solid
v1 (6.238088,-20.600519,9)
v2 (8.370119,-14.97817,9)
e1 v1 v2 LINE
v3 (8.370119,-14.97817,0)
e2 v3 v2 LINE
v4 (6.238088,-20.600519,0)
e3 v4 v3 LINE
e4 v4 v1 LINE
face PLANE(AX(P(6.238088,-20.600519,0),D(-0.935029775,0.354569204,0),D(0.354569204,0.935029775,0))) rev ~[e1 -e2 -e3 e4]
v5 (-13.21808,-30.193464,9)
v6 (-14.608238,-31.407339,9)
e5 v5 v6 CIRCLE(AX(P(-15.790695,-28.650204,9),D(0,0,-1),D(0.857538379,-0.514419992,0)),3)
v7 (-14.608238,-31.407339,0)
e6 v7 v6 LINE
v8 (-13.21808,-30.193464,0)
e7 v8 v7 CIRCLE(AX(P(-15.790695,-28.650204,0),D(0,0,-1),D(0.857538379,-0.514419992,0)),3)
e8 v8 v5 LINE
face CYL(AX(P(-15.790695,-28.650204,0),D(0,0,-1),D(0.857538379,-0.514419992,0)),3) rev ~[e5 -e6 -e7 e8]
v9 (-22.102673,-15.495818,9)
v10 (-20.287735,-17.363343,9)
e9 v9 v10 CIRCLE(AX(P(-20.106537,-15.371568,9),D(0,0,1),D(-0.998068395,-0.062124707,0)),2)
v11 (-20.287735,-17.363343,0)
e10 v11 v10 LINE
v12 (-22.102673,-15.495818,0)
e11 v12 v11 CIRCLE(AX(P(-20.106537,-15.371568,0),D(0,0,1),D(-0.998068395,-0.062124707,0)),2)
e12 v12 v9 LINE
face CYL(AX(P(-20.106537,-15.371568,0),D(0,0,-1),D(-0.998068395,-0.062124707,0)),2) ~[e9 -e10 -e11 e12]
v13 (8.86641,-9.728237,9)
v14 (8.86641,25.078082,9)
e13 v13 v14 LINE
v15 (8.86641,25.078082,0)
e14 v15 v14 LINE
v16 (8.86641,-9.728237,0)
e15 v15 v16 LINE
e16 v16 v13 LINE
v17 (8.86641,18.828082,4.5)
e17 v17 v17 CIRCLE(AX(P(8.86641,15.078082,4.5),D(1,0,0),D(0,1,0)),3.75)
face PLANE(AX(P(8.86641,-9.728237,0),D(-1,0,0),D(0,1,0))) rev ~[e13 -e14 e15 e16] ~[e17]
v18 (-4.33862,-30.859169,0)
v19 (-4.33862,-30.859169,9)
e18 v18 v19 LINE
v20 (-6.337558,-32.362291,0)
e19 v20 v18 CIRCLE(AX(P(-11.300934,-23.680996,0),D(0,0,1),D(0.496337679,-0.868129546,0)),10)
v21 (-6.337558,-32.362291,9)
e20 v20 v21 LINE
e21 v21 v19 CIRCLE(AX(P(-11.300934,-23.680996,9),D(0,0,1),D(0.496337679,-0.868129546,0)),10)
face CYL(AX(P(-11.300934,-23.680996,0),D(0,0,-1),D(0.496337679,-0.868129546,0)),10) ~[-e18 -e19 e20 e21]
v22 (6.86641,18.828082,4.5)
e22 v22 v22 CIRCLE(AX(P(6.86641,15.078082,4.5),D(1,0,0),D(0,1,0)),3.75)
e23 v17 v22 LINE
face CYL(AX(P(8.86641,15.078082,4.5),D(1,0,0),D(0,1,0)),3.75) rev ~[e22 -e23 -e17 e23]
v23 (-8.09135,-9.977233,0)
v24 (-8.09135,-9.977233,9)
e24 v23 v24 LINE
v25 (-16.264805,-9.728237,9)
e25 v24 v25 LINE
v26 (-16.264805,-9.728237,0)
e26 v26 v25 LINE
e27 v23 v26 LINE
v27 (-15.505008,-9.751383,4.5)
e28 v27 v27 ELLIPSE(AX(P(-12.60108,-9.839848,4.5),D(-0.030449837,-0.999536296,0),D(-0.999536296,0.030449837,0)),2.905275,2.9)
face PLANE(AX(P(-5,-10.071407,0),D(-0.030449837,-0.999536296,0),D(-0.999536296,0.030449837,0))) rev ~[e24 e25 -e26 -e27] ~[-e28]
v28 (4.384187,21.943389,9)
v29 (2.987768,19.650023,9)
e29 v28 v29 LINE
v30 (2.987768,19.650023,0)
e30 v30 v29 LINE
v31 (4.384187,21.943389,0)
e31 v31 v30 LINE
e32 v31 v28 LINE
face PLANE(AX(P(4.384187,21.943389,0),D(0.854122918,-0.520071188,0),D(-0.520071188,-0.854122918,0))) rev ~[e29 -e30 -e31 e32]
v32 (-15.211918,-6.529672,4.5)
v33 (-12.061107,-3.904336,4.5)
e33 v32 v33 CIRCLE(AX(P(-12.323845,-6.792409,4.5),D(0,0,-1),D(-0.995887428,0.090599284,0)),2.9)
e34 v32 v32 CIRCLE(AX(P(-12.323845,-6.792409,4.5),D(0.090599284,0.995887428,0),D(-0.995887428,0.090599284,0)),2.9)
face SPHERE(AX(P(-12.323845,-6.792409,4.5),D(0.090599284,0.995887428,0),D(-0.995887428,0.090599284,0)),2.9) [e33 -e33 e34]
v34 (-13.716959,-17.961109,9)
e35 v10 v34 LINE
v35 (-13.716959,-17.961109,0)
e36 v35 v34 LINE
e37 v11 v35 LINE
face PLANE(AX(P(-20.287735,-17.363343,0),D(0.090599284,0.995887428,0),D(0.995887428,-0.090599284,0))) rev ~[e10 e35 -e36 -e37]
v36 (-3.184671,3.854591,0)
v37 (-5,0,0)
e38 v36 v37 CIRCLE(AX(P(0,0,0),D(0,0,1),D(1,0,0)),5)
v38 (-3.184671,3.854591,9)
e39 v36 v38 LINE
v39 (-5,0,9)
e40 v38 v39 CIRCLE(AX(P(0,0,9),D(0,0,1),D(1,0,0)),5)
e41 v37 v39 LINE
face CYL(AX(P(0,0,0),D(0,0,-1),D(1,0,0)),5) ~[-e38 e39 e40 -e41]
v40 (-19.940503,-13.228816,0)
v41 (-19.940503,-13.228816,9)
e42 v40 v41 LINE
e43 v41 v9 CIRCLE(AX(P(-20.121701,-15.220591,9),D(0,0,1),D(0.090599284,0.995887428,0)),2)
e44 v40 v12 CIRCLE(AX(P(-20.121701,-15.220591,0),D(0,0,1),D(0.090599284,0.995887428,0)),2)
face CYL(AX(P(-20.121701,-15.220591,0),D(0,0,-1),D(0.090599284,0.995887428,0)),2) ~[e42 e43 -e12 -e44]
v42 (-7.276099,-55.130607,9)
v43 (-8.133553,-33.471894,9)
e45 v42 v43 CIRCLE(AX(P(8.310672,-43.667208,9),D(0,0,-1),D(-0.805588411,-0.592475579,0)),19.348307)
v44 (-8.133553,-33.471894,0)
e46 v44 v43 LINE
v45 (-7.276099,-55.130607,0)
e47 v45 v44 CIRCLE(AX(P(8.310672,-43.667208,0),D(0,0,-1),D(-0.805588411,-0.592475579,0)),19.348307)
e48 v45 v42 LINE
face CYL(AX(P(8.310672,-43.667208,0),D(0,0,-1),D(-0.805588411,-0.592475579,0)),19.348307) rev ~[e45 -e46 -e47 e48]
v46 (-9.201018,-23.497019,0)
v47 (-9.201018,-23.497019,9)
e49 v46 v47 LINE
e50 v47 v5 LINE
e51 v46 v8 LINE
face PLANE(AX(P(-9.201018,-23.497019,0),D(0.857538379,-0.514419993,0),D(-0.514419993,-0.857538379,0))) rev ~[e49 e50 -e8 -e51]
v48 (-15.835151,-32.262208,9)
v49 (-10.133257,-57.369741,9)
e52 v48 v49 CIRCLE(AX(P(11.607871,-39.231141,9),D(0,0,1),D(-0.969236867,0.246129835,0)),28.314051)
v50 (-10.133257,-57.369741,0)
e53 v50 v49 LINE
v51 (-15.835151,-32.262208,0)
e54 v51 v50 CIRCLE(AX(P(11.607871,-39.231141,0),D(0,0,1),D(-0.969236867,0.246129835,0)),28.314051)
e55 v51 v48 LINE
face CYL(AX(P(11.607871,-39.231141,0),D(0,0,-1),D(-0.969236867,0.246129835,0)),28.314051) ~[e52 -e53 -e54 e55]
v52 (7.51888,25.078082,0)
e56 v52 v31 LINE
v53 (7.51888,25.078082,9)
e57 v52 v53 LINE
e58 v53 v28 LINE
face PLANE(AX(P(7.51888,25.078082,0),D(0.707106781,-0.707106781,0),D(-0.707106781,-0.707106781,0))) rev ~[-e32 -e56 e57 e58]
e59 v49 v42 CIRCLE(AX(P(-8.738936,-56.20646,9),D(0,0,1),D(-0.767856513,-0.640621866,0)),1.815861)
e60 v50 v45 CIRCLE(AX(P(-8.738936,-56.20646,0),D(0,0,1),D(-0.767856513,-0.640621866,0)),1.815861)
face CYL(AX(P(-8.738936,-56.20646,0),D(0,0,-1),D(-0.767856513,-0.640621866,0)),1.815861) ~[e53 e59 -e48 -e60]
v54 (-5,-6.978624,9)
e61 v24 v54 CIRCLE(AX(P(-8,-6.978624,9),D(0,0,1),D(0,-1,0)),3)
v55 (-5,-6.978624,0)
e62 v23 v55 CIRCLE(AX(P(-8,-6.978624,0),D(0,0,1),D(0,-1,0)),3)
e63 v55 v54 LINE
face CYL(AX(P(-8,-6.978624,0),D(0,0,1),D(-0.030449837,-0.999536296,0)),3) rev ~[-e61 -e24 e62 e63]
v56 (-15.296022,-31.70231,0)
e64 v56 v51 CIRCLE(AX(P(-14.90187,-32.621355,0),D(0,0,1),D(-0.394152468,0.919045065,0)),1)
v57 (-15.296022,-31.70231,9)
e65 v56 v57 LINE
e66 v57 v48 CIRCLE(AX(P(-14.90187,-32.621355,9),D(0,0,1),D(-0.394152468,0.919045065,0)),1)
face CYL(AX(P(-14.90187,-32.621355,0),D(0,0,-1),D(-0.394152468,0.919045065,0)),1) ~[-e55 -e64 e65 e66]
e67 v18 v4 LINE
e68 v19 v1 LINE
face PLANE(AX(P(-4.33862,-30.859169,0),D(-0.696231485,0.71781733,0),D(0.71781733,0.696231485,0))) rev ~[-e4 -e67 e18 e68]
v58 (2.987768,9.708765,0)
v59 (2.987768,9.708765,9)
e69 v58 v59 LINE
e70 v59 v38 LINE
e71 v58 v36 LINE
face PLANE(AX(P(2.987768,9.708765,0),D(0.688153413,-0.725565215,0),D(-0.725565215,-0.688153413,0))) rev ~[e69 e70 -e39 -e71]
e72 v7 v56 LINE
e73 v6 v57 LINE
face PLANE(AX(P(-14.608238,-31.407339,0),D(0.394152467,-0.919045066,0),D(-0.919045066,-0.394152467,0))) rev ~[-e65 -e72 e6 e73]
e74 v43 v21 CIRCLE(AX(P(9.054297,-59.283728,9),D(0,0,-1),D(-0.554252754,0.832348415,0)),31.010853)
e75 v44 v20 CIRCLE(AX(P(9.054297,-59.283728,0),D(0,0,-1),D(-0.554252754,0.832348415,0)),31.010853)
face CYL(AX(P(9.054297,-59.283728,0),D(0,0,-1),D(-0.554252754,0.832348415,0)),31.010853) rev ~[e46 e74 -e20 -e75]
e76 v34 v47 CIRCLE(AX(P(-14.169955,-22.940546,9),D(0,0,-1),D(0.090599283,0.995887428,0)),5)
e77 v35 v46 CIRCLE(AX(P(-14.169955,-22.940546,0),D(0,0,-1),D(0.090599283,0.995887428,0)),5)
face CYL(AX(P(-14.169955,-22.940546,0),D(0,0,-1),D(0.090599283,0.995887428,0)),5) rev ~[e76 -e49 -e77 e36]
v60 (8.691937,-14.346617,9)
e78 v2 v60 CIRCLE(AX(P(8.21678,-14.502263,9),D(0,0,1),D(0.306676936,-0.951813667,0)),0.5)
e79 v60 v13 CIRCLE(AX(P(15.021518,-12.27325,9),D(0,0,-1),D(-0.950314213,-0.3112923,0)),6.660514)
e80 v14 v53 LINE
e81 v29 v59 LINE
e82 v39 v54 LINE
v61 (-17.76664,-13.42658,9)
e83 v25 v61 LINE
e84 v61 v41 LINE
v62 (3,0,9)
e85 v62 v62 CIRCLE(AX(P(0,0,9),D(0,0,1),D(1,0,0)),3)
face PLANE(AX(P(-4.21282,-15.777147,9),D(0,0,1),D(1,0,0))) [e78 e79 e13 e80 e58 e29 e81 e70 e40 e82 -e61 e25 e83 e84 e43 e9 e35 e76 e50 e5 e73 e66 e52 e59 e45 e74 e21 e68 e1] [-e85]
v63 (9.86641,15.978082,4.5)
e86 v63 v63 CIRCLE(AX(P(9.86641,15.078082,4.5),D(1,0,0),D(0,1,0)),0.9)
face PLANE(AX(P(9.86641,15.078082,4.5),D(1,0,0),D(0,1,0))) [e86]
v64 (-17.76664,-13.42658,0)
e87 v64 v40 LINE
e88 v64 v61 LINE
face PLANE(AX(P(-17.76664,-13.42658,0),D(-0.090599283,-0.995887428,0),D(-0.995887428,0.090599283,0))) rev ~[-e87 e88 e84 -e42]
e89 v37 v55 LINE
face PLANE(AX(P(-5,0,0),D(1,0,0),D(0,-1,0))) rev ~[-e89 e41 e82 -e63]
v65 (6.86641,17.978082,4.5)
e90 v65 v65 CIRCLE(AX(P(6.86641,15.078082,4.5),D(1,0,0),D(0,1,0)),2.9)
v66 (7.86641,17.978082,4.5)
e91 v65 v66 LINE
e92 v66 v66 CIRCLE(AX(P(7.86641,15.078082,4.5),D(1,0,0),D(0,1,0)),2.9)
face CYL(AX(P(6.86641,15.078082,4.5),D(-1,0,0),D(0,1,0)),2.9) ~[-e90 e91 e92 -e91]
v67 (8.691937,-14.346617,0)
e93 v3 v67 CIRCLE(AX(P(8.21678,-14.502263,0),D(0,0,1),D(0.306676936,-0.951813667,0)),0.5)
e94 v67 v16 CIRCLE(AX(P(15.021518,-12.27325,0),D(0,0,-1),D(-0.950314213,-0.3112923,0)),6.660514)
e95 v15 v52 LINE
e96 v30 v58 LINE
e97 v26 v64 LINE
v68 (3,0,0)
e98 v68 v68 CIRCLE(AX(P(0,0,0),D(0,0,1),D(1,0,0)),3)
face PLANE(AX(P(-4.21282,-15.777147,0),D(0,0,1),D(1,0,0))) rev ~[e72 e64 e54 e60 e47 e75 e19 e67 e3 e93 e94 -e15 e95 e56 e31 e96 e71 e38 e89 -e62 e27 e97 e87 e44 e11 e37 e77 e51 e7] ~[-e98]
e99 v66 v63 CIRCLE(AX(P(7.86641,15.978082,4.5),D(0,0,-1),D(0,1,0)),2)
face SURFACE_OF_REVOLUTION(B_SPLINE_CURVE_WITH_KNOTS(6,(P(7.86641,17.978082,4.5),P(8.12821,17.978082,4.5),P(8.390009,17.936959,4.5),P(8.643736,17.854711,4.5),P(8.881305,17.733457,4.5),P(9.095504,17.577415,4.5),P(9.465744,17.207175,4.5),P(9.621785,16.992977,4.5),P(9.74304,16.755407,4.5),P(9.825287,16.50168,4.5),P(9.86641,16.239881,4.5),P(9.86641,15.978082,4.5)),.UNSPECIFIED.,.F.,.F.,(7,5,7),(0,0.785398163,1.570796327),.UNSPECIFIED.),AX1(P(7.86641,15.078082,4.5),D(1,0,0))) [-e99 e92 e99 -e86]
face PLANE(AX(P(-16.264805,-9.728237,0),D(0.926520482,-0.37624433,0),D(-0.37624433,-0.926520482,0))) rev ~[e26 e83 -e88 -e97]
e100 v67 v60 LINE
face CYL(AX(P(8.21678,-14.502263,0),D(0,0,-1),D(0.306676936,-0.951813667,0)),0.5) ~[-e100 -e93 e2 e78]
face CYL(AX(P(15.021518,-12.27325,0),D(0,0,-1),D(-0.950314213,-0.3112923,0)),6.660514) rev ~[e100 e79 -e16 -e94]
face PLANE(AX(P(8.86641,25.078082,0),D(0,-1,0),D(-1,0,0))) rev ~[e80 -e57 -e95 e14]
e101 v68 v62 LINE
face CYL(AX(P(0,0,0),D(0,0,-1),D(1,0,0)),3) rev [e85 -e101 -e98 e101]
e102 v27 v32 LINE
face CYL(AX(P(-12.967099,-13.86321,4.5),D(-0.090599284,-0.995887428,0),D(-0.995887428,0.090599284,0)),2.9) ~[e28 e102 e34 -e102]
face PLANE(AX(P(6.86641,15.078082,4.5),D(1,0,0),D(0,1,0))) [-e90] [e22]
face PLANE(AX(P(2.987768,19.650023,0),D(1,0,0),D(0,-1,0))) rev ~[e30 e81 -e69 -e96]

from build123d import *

# Parameters (mm, degrees)
SKETCH_1_R          = 5
SKETCH_1_R_2        = 3
EXTRUDE_1_DEPTH     = 9
SKETCH_2_R          = 3.75
CUT_EXTRUDE_1_DEPTH = 2
SKETCH_3_R          = 2.9
EXTRUDE_2_DEPTH     = 3
FILLET_1_R          = 2
SKETCH_4_R          = 2.9
EXTRUDE_3_DEPTH     = 10
FILLET_2_R          = 2.9
FILLET_3_R          = 3


with BuildPart() as part:
    # 스케치1 → 보스-돌출1 (new body)
    # profile 1 of 5: a face of its own
    with BuildSketch(Plane.XY):
        with BuildLine():
            Line((8.866410343, 21.94338903), (4.384187039, 21.94338903))
            Line((4.384187039, 21.94338903), (2.987768149, 19.65002342))
            Line((2.987768149, 19.65002342), (2.987768149, 17.661246793))
            Line((2.987768149, 17.661246793), (2.987768149, 9.70876495))
            Line((2.987768149, 9.70876495), (-3.184671245, 3.854590647))
            ThreePointArc((-3.184671245, 3.854590647), (2.13033375, 4.523458645), (5, 0))
            ThreePointArc((5, 0), (0, -5), (-5, 0))
            Line((-5, 0), (-5, -10.071407464))
            Line((-5, -10.071407464), (-16.264805165, -9.728236855))
            Line((-16.264805165, -9.728236855), (-17.766639728, -13.42657959))
            Line((-17.766639728, -13.42657959), (-19.940502755, -13.22881584))
            ThreePointArc((-19.940502755, -13.22881584), (-21.568981751, -13.840235901), (-22.102673306, -15.49581787))
            ThreePointArc((-22.102673306, -15.49581787), (-21.54079944, -16.765444299), (-20.287735083, -17.363343312))
            Line((-20.287735083, -17.363343312), (-13.716958703, -17.9611093))
            ThreePointArc((-13.716958703, -17.9611093), (-10.295562947, -19.77999502), (-9.201017746, -23.497018692))
            Line((-9.201017746, -23.497018692), (-13.218080179, -30.193463728))
            ThreePointArc((-13.218080179, -30.193463728), (-13.817495958, -30.9099569), (-14.608237914, -31.407338947))
            Line((-14.608237914, -31.407338947), (-15.296022277, -31.702310231))
            ThreePointArc((-15.296022277, -31.702310231), (-15.622210934, -31.927735325), (-15.835150792, -32.262208238))
            ThreePointArc((-15.835150792, -32.262208238), (-16.003126851, -45.501568691), (-10.133257231, -57.36974091))
            ThreePointArc((-10.133257231, -57.36974091), (-7.618845179, -57.635707988), (-7.276099317, -55.130606848))
            ThreePointArc((-7.276099317, -55.130606848), (-11.022489697, -44.432594757), (-8.133553397, -33.471894478))
            ThreePointArc((-8.133553397, -33.471894478), (-7.245000489, -32.901805175), (-6.337557558, -32.362291125))
            ThreePointArc((-6.337557558, -32.362291125), (-5.290911527, -31.673468731), (-4.338619501, -30.85916897))
            Line((-4.338619501, -30.85916897), (6.238088337, -20.600518625))
            Line((6.238088337, -20.600518625), (8.3701186, -14.978169718))
            ThreePointArc((8.3701186, -14.978169718), (8.662275884, -14.729272874), (8.69193724, -14.346616734))
            ThreePointArc((8.69193724, -14.346616734), (8.365752146, -12.021808556), (8.866410343, -9.728236855))
            Line((8.866410343, -9.728236855), (8.866410343, 21.94338903))
        make_face()
    # profile 2 of 5: a face of its own
    with BuildSketch(Plane.XY):
        Circle(SKETCH_1_R)
        Circle(SKETCH_1_R_2, mode=Mode.SUBTRACT)
    # profile 3 of 5: a face of its own
    with BuildSketch(Plane.XY):
        with BuildLine():
            ThreePointArc((5, 0), (2.13033375, 4.523458645), (-3.184671245, 3.854590647))
            ThreePointArc((-3.184671245, 3.854590647), (-4.523458645, 2.13033375), (-5, 0))
            ThreePointArc((-5, 0), (0, -5), (5, 0))
        make_face()
        Circle(SKETCH_1_R_2, mode=Mode.SUBTRACT)
    # profile 4 of 5: a face of its own
    with BuildSketch(Plane.XY):
        Polygon((8.866410343, 25.078081763), (7.518879772, 25.078081763), (4.384187039, 21.94338903), (8.866410343, 21.94338903), align=None)
    # profile 5 of 5: a face of its own
    with BuildSketch(Plane.XY):
        with BuildLine():
            Line((8.866410343, 21.94338903), (4.384187039, 21.94338903))
            Line((4.384187039, 21.94338903), (2.987768149, 19.65002342))
            Line((2.987768149, 19.65002342), (2.987768149, 17.661246793))
            Line((2.987768149, 17.661246793), (2.987768149, 9.70876495))
            Line((2.987768149, 9.70876495), (-3.184671245, 3.854590647))
            ThreePointArc((-3.184671245, 3.854590647), (2.13033375, 4.523458645), (5, 0))
            ThreePointArc((5, 0), (0, -5), (-5, 0))
            Line((-5, 0), (-5, -10.071407464))
            Line((-5, -10.071407464), (-16.264805165, -9.728236855))
            Line((-16.264805165, -9.728236855), (-17.766639728, -13.42657959))
            Line((-17.766639728, -13.42657959), (-19.940502755, -13.22881584))
            ThreePointArc((-19.940502755, -13.22881584), (-21.568981751, -13.840235901), (-22.102673306, -15.49581787))
            ThreePointArc((-22.102673306, -15.49581787), (-21.54079944, -16.765444299), (-20.287735083, -17.363343312))
            Line((-20.287735083, -17.363343312), (-13.716958703, -17.9611093))
            ThreePointArc((-13.716958703, -17.9611093), (-10.295562947, -19.77999502), (-9.201017746, -23.497018692))
            Line((-9.201017746, -23.497018692), (-13.218080179, -30.193463728))
            ThreePointArc((-13.218080179, -30.193463728), (-13.817495958, -30.9099569), (-14.608237914, -31.407338947))
            Line((-14.608237914, -31.407338947), (-15.296022277, -31.702310231))
            ThreePointArc((-15.296022277, -31.702310231), (-15.622210934, -31.927735325), (-15.835150792, -32.262208238))
            ThreePointArc((-15.835150792, -32.262208238), (-16.003126851, -45.501568691), (-10.133257231, -57.36974091))
            ThreePointArc((-10.133257231, -57.36974091), (-7.618845179, -57.635707988), (-7.276099317, -55.130606848))
            ThreePointArc((-7.276099317, -55.130606848), (-11.022489697, -44.432594757), (-8.133553397, -33.471894478))
            ThreePointArc((-8.133553397, -33.471894478), (-7.245000489, -32.901805175), (-6.337557558, -32.362291125))
            ThreePointArc((-6.337557558, -32.362291125), (-5.290911527, -31.673468731), (-4.338619501, -30.85916897))
            Line((-4.338619501, -30.85916897), (6.238088337, -20.600518625))
            Line((6.238088337, -20.600518625), (8.3701186, -14.978169718))
            ThreePointArc((8.3701186, -14.978169718), (8.662275884, -14.729272874), (8.69193724, -14.346616734))
            ThreePointArc((8.69193724, -14.346616734), (8.365752146, -12.021808556), (8.866410343, -9.728236855))
            Line((8.866410343, -9.728236855), (8.866410343, 21.94338903))
        make_face()
    extrude(amount=EXTRUDE_1_DEPTH)

    # 스케치2 → 컷-돌출1 (cut)
    with BuildSketch(Plane(origin=(8.866410343, 0, 0), x_dir=(0, 0, -1), z_dir=(1, 0, 0))):
        with Locations(Location((-4.5, 15.078081763, 0), (0, 0, 90))):
            Circle(SKETCH_2_R)
    extrude(amount=-CUT_EXTRUDE_1_DEPTH, mode=Mode.SUBTRACT)

    # 스케치3 → 보스-돌출2 (add)
    with BuildSketch(Plane(origin=(6.866410343, 0, 0), x_dir=(0, 0, -1), z_dir=(1, 0, 0))):
        with Locations(Location((-4.5, 15.078081763, 0), (0, 0, 90))):
            Circle(SKETCH_3_R)
    extrude(amount=EXTRUDE_2_DEPTH)

    # 필렛1
    fillet_1_edges = [part.edges().sort_by_distance(p)[0] for p in [
        (9.866410343, 12.178081763, 4.5),
    ]]
    fillet(fillet_1_edges, radius=FILLET_1_R)

    # 스케치4 → 보스-돌출3 (add)
    with BuildSketch(Plane(origin=(-1.357268469, -14.919396185, 0), x_dir=(0.995887428286197, -0.09059928355955607, 0), z_dir=(0.09059928355955607, 0.995887428286197, 0))):
        with Locations(Location((-11.65777439, -4.5, 0), (0, 0, 180))):
            Circle(SKETCH_4_R)
    extrude(amount=EXTRUDE_3_DEPTH)

    # 필렛2
    fillet_2_edges = [part.edges().sort_by_distance(p)[0] for p in [
        (-9.173033049, -4.167073817, 4.5),
    ]]
    fillet(fillet_2_edges, radius=FILLET_2_R)

    # 필렛3
    fillet_3_edges = [part.edges().sort_by_distance(p)[0] for p in [
        (-5, -10.071407464, 4.5),
    ]]
    fillet(fillet_3_edges, radius=FILLET_3_R)


solid = part.part
